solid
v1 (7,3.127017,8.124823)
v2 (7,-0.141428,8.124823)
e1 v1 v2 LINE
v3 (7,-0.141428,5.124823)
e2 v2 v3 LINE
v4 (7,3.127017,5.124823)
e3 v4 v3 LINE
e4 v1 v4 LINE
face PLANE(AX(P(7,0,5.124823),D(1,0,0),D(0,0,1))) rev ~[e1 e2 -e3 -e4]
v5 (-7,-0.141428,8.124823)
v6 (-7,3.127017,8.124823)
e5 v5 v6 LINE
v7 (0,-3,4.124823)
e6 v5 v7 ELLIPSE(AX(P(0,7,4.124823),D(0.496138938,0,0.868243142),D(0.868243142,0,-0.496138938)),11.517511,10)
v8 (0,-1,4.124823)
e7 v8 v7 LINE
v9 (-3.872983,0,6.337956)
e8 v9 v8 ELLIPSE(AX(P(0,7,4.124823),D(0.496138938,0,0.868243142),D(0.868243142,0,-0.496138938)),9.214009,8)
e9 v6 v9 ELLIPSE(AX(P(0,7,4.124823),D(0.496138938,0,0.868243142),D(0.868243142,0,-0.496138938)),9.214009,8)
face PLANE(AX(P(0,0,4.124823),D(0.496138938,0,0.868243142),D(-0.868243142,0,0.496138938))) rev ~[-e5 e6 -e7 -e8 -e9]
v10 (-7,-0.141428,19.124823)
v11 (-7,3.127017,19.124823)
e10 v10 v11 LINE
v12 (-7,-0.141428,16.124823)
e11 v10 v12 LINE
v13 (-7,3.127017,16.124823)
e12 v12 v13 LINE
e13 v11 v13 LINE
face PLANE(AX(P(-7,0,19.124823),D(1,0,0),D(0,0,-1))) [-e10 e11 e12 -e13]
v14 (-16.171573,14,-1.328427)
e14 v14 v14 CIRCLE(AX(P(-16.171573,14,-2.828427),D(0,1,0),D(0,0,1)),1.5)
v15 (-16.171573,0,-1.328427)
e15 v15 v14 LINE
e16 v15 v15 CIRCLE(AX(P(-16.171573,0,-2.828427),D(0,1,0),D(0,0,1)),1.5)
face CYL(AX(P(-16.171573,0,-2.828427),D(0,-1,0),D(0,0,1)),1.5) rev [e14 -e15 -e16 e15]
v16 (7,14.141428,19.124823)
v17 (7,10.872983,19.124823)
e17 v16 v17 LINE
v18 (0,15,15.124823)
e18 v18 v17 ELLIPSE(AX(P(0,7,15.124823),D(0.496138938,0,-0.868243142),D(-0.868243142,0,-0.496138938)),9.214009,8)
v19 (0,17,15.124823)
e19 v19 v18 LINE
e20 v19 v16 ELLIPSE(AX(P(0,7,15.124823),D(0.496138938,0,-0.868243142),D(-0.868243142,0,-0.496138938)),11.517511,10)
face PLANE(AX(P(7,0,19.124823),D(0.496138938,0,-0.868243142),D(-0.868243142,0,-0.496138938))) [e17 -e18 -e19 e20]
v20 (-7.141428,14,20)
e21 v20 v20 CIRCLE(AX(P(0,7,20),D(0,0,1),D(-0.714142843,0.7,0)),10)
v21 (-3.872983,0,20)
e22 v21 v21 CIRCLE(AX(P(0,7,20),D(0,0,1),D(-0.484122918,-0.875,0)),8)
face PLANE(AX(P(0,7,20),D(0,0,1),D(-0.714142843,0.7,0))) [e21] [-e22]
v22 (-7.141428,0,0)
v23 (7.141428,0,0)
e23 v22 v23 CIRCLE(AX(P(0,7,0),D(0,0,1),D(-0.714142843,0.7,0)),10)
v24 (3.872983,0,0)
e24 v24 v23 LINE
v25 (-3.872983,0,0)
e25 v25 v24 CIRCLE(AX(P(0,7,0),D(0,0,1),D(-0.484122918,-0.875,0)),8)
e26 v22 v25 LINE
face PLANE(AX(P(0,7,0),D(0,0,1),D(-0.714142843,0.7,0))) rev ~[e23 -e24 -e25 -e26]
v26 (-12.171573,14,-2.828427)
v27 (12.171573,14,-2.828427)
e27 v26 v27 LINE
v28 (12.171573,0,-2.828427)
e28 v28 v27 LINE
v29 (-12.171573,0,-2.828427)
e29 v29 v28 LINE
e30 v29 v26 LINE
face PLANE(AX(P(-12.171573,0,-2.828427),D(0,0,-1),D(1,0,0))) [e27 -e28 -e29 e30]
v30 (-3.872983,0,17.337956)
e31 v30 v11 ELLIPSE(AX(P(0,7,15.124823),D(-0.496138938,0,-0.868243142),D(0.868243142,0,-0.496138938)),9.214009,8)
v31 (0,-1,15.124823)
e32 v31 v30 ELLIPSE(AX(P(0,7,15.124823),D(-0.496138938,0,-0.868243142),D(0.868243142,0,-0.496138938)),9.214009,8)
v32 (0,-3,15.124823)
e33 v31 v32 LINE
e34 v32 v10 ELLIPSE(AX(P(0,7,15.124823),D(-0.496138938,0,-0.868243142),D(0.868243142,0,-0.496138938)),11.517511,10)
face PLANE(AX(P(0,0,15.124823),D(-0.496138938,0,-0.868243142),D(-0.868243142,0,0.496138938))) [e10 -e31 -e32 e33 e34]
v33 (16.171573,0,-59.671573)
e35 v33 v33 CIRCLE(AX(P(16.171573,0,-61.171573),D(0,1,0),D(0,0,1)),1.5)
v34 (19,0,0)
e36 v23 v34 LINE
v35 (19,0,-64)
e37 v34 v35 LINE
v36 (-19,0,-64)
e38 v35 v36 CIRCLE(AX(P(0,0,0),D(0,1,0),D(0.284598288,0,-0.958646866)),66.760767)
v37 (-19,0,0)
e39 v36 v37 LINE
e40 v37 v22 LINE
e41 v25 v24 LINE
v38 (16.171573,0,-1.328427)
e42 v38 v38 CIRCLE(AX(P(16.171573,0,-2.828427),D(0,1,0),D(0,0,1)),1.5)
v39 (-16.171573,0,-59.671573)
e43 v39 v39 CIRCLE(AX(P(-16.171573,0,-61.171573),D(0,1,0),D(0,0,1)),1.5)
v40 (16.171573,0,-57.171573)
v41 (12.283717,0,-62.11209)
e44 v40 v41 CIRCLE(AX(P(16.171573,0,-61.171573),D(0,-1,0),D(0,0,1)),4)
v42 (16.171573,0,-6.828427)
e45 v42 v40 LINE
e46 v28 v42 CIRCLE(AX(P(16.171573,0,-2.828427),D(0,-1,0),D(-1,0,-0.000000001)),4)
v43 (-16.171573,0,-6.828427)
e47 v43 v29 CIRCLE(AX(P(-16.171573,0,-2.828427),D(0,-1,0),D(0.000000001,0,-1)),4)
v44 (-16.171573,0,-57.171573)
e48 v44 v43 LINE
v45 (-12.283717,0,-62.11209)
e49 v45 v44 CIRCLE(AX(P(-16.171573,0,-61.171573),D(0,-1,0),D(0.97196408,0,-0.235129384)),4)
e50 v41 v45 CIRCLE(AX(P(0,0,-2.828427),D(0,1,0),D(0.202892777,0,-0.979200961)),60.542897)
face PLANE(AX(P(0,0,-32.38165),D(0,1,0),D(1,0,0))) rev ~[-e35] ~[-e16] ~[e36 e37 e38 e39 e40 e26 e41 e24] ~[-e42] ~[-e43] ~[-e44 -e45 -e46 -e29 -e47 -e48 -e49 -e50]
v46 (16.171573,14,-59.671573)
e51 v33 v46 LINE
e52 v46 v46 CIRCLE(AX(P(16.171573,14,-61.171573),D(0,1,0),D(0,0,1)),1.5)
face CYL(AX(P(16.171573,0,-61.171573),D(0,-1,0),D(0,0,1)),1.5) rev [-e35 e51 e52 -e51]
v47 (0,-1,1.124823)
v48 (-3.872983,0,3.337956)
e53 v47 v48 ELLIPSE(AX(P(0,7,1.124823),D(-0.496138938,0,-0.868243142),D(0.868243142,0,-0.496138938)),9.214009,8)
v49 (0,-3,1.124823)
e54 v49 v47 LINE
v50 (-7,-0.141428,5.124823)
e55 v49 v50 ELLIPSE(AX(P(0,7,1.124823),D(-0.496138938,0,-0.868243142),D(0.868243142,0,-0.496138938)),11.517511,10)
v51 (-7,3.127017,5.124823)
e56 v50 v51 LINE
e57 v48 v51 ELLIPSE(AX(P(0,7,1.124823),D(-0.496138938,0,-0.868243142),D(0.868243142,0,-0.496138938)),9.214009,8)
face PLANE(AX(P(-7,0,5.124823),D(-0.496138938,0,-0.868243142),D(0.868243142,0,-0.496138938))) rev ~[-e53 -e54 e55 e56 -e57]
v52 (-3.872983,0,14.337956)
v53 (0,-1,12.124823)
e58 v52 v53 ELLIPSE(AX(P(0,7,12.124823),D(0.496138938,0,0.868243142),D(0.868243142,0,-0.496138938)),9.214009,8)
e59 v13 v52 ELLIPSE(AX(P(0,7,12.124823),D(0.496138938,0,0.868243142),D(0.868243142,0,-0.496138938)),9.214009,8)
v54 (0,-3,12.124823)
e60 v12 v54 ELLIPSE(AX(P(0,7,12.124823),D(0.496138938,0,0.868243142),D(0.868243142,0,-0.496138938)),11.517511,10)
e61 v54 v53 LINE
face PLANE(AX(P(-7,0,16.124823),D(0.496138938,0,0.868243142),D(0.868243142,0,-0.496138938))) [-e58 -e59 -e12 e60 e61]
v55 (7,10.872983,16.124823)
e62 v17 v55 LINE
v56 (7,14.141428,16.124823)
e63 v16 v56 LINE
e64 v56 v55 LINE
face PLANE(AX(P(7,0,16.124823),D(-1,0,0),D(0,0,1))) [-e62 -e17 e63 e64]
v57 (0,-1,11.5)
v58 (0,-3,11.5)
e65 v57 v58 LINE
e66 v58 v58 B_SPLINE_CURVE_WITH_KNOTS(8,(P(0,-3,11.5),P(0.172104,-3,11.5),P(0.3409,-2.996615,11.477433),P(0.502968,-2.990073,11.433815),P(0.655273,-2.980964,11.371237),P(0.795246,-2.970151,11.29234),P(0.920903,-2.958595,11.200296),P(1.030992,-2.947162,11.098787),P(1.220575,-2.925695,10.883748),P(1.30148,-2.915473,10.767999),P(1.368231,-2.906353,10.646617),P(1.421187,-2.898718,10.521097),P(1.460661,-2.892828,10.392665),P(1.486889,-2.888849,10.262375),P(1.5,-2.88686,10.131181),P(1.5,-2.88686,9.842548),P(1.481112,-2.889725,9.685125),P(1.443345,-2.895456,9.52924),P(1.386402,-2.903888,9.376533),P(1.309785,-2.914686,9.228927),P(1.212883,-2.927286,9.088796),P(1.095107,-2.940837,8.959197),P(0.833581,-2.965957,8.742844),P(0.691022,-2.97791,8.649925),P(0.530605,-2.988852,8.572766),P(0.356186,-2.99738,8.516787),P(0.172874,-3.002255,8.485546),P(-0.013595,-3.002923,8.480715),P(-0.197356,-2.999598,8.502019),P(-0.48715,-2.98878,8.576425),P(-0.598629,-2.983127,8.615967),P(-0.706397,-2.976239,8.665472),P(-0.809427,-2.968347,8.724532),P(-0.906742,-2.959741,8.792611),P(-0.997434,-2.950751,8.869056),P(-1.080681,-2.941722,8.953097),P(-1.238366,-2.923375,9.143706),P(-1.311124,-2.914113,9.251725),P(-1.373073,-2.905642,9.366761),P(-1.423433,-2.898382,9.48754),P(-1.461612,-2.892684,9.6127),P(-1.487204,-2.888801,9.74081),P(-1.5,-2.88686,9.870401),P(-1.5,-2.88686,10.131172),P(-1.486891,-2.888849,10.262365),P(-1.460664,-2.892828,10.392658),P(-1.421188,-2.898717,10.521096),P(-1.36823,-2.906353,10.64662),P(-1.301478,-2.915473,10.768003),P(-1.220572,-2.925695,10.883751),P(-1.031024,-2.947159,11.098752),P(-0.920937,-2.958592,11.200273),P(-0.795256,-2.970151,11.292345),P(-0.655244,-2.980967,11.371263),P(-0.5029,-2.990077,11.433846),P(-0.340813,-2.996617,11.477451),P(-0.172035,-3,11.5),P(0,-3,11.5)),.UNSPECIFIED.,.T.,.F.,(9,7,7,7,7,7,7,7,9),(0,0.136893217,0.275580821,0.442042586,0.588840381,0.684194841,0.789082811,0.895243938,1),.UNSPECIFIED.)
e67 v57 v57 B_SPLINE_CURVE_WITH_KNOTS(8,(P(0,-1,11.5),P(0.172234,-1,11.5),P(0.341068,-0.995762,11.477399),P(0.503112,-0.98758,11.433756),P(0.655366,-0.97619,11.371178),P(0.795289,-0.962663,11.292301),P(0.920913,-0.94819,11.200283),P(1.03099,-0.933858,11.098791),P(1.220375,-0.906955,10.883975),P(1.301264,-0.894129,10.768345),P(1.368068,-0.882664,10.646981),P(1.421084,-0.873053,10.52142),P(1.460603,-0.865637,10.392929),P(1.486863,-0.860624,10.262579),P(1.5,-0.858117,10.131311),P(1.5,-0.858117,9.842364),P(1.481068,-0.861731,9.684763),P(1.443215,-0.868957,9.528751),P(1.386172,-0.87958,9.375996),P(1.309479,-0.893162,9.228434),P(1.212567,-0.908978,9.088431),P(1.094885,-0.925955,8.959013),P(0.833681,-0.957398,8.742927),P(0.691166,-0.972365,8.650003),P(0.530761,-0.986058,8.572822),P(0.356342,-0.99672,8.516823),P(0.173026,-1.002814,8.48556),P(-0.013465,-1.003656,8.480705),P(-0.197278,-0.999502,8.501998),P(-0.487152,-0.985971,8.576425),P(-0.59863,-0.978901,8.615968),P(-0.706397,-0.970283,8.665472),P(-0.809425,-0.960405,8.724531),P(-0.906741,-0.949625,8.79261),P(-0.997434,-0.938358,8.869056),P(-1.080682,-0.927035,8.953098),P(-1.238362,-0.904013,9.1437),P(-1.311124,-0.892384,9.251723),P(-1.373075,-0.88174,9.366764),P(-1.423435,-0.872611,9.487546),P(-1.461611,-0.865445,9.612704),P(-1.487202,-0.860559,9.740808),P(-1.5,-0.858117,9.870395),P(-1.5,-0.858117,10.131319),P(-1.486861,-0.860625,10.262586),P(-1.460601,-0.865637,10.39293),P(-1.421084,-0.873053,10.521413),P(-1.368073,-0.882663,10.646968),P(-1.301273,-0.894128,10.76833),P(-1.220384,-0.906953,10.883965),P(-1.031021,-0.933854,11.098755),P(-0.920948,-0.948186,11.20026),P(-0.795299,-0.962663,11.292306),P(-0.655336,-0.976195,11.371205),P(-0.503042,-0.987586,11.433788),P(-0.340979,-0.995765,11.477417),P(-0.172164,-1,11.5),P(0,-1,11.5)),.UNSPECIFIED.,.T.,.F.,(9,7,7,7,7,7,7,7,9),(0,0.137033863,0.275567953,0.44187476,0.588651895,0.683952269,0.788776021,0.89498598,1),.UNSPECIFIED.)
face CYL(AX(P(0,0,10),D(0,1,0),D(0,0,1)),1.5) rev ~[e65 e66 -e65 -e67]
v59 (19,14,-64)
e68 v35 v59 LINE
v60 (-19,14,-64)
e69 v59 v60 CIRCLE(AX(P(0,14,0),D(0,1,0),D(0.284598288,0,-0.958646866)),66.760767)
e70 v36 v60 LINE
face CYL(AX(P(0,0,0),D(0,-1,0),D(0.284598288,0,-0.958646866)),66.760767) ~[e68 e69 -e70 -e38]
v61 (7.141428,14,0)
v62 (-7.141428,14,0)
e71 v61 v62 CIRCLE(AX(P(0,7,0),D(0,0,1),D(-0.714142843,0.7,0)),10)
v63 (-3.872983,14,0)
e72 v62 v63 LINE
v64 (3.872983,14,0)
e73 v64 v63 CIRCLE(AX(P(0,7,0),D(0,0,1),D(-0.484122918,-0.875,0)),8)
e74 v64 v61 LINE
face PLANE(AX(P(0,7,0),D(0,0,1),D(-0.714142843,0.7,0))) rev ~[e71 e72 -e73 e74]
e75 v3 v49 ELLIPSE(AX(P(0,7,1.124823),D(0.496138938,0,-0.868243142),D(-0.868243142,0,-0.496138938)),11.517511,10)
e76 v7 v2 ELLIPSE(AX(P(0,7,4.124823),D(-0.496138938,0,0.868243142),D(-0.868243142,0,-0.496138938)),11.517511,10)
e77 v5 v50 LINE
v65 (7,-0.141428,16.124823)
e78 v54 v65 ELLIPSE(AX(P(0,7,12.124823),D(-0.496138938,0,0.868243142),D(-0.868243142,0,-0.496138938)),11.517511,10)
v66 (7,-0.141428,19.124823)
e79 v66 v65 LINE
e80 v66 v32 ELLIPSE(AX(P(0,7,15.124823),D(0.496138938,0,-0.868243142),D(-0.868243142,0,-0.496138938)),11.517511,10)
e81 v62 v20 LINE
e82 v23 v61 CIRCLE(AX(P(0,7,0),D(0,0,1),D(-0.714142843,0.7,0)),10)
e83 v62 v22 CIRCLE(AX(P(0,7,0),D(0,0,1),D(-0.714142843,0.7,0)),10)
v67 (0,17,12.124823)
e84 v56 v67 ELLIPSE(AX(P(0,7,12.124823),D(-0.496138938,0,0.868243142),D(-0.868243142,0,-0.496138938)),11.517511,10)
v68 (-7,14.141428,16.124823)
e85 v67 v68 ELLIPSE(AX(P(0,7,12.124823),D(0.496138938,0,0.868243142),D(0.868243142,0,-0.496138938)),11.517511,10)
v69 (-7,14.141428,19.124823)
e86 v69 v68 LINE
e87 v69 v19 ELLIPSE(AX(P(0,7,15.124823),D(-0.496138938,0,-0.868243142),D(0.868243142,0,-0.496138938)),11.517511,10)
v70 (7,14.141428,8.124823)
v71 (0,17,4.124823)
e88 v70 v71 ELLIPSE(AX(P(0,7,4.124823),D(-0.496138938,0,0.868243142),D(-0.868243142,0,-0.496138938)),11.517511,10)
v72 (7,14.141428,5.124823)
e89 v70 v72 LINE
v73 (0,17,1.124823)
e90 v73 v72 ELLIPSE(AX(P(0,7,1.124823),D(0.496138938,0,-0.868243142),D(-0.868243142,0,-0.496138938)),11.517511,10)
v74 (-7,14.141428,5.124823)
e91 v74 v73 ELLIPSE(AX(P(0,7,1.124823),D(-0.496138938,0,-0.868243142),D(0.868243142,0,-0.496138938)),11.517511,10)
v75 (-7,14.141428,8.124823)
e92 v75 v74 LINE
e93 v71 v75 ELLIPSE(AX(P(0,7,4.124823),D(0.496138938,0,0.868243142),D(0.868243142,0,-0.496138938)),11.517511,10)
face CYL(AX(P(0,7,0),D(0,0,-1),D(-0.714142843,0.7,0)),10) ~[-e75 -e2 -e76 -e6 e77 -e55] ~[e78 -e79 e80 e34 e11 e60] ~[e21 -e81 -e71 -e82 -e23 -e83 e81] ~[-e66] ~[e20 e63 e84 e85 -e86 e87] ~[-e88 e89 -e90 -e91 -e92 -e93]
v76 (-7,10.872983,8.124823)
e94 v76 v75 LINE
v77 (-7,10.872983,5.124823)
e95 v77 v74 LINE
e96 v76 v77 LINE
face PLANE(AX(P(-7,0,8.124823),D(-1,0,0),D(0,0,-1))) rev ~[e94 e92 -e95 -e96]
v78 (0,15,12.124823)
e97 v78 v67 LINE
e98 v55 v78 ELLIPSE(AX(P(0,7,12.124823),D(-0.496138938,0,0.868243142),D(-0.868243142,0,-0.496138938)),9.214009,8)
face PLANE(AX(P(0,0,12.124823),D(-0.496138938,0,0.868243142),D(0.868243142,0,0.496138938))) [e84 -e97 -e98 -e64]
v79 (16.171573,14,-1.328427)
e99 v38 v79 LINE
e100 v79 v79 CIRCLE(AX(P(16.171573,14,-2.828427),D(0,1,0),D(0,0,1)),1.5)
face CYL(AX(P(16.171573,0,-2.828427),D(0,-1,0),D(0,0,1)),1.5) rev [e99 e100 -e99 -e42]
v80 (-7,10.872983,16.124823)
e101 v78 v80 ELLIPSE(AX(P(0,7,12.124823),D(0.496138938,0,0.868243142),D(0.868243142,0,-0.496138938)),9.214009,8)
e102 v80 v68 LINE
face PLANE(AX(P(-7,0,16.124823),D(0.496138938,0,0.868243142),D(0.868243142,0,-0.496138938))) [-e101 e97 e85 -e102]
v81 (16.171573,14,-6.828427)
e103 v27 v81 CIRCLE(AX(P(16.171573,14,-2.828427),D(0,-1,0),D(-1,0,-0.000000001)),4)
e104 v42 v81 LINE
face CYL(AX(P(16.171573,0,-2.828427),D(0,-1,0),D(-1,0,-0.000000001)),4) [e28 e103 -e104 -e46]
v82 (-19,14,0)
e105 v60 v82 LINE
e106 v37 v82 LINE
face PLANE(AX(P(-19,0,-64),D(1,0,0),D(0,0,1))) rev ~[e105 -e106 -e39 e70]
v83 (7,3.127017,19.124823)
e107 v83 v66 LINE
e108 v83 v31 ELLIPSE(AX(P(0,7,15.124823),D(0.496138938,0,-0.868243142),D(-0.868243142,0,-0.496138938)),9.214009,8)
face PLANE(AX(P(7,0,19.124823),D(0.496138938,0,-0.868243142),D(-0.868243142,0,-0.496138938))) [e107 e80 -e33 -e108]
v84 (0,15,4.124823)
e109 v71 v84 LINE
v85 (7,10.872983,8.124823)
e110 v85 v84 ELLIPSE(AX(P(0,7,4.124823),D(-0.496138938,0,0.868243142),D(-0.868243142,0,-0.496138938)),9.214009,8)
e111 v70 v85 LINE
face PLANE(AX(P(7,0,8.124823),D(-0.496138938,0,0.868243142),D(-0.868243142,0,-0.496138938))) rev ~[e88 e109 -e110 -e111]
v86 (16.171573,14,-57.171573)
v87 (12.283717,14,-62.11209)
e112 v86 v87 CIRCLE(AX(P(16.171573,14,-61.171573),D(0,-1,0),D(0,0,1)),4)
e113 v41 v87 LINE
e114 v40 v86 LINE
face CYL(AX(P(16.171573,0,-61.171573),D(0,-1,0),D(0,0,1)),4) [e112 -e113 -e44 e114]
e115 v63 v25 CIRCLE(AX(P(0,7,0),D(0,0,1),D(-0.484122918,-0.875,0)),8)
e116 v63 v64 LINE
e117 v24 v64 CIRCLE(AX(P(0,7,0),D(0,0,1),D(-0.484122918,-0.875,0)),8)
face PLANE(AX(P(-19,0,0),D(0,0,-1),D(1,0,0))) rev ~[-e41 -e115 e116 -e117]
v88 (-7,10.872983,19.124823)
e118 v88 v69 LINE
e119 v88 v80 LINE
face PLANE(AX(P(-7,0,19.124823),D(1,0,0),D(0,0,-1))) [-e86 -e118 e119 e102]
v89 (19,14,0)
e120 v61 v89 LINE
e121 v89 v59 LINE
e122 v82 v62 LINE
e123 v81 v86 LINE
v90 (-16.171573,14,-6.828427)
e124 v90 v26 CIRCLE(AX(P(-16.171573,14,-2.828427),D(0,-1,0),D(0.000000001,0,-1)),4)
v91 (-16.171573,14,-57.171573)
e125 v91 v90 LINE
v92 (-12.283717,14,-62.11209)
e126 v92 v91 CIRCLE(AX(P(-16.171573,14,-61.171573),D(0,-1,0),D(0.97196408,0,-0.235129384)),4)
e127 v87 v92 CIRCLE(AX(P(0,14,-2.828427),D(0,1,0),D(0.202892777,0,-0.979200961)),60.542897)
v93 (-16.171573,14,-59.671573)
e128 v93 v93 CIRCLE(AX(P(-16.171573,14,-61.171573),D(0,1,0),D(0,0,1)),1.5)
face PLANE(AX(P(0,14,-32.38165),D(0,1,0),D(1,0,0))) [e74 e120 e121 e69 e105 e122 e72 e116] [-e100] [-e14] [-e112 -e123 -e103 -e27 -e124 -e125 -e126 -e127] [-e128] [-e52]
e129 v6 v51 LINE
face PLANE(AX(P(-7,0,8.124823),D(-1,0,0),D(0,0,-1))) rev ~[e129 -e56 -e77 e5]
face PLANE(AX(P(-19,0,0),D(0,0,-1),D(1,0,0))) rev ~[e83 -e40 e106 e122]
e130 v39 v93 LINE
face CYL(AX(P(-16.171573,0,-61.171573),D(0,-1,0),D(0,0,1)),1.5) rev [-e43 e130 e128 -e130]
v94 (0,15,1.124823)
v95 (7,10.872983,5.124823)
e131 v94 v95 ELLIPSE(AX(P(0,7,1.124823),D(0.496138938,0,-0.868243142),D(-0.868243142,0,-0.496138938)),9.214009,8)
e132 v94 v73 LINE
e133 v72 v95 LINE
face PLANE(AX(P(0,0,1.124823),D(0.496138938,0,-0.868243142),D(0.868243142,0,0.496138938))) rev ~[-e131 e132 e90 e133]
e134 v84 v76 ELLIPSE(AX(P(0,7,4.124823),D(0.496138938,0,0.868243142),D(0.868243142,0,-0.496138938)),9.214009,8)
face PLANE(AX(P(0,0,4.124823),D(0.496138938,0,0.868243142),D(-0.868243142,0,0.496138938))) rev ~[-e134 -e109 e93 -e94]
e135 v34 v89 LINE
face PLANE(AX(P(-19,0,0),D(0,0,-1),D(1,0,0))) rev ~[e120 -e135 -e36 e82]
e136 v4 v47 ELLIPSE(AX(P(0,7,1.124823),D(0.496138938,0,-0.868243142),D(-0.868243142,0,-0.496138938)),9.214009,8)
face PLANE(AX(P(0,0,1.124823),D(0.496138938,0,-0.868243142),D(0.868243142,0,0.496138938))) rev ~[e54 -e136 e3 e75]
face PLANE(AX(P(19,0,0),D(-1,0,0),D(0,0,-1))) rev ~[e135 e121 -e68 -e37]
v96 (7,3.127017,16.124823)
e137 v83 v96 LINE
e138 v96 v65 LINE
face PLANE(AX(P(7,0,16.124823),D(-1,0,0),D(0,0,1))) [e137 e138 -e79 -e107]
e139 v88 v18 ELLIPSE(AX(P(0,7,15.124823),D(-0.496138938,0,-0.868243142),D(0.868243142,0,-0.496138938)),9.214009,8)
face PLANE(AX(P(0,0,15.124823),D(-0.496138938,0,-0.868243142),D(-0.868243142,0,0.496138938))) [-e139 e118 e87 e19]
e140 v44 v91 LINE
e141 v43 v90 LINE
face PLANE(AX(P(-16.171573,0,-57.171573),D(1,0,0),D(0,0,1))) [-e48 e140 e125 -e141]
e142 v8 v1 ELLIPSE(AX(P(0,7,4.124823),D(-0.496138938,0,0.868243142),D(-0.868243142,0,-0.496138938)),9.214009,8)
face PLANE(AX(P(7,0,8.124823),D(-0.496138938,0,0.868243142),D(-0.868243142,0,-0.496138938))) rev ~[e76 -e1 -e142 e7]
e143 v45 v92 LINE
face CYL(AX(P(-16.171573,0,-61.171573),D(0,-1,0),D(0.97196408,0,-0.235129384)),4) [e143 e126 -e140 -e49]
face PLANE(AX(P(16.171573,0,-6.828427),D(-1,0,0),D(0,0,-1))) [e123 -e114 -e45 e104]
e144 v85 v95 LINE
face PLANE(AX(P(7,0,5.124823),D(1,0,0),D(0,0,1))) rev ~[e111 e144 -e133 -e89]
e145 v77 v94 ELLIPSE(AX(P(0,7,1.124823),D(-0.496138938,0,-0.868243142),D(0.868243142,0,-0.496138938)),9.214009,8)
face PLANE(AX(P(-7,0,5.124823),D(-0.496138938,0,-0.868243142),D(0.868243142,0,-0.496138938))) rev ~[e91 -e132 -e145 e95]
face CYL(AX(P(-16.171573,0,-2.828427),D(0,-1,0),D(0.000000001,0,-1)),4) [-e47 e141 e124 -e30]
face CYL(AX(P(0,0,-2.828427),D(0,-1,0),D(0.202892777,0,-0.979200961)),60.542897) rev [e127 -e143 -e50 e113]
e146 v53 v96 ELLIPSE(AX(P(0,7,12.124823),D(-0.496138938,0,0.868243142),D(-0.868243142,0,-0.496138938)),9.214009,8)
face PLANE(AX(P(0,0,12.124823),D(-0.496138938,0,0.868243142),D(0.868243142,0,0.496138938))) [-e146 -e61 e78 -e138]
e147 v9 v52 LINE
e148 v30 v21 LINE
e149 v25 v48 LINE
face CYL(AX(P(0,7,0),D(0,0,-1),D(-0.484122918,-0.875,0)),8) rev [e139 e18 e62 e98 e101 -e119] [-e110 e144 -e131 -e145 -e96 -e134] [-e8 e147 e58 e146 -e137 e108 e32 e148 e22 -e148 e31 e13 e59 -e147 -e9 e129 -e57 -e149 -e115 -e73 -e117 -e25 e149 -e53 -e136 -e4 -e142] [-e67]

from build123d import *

# Parameters (mm, degrees)
SKETCH_1_R          = 1.5
EXTRUDE_1_DEPTH     = 14
SKETCH_2_R          = 10
SKETCH_2_R_2        = 8
EXTRUDE_2_DEPTH     = 20
CUT_EXTRUDE_4_DEPTH = 20
SKETCH_6_R          = 1.5
CUT_EXTRUDE_5_DEPTH = 10


with BuildPart() as part:
    # 草图1 → 凸台-拉伸1 (new body)
    with BuildSketch(Plane(origin=(0, 0, 0), x_dir=(1, 0, 0), z_dir=(0, 1, 0))):
        with BuildLine():
            Line((0, 0), (19, 0))
            Line((19, 0), (19, 64))
            ThreePointArc((19, 64), (0, 66.760766922), (-19, 64))
            Line((-19, 64), (-19, 0))
            Line((-19, 0), (0, 0))
        make_face()
        with Locations(Location((-16.171572875, 61.171572875, 0), (0, 0, 270))):
            Circle(SKETCH_1_R, mode=Mode.SUBTRACT)
        with Locations(Location((16.171572875, 61.171572875, 0), (0, 0, 270))):
            Circle(SKETCH_1_R, mode=Mode.SUBTRACT)
        with Locations(Location((-16.171572875, 2.828427125, 0), (0, 0, 270))):
            Circle(SKETCH_1_R, mode=Mode.SUBTRACT)
        with Locations(Location((16.171572875, 2.828427125, 0), (0, 0, 270))):
            Circle(SKETCH_1_R, mode=Mode.SUBTRACT)
        with BuildLine():
            Line((-16.171572875, 57.171572875), (-16.171572875, 6.828427125))
            ThreePointArc((-16.171572875, 6.828427125), (-13.343145751, 5.656854249), (-12.171572875, 2.828427125))
            Line((-12.171572875, 2.828427125), (12.171572875, 2.828427125))
            ThreePointArc((12.171572875, 2.828427125), (13.343145751, 5.656854249), (16.171572875, 6.828427125))
            Line((16.171572875, 6.828427125), (16.171572875, 57.171572875))
            ThreePointArc((16.171572875, 57.171572875), (13.0281615, 58.697918711), (12.283716556, 62.112090413))
            ThreePointArc((12.283716556, 62.112090413), (0, 63.371324523), (-12.283716556, 62.112090413))
            ThreePointArc((-12.283716556, 62.112090413), (-13.0281615, 58.697918711), (-16.171572875, 57.171572875))
        make_face(mode=Mode.SUBTRACT)
    extrude(amount=EXTRUDE_1_DEPTH)

    # 草图2 → 凸台-拉伸2 (add)
    with BuildSketch(Plane.XY):
        with Locations(Location((0, 7, 0), (0, 0, 135.572995999))):
            Circle(SKETCH_2_R)
        with Locations(Location((0, 7, 0), (0, 0, 241.044975628))):
            Circle(SKETCH_2_R_2, mode=Mode.SUBTRACT)
    extrude(amount=EXTRUDE_2_DEPTH)

    # 草图3 → 切除-拉伸4 (cut, symmetric)
    with BuildSketch(Plane(origin=(0, 0, 0), x_dir=(1, 0, 0), z_dir=(0, 1, 0))):
        Polygon((0, -1.124822793), (7, -5.124822793), (7, -8.124822793), (0, -4.124822793), (-7, -8.124822793), (-7, -5.124822793), align=None)
        Polygon((0, -12.124822793), (7, -16.124822793), (7, -19.124822793), (0, -15.124822793), (-7, -19.124822793), (-7, -16.124822793), align=None)
    extrude(amount=CUT_EXTRUDE_4_DEPTH, both=True, mode=Mode.SUBTRACT)

    # 草图6 → 切除-拉伸5 (cut)
    with BuildSketch(Plane(origin=(0, 0, 0), x_dir=(1, 0, 0), z_dir=(0, 1, 0))):
        with Locations(Location((0, -10, 0), (0, 0, 270))):
            Circle(SKETCH_6_R)
    extrude(amount=-CUT_EXTRUDE_5_DEPTH, mode=Mode.SUBTRACT)


solid = part.part
